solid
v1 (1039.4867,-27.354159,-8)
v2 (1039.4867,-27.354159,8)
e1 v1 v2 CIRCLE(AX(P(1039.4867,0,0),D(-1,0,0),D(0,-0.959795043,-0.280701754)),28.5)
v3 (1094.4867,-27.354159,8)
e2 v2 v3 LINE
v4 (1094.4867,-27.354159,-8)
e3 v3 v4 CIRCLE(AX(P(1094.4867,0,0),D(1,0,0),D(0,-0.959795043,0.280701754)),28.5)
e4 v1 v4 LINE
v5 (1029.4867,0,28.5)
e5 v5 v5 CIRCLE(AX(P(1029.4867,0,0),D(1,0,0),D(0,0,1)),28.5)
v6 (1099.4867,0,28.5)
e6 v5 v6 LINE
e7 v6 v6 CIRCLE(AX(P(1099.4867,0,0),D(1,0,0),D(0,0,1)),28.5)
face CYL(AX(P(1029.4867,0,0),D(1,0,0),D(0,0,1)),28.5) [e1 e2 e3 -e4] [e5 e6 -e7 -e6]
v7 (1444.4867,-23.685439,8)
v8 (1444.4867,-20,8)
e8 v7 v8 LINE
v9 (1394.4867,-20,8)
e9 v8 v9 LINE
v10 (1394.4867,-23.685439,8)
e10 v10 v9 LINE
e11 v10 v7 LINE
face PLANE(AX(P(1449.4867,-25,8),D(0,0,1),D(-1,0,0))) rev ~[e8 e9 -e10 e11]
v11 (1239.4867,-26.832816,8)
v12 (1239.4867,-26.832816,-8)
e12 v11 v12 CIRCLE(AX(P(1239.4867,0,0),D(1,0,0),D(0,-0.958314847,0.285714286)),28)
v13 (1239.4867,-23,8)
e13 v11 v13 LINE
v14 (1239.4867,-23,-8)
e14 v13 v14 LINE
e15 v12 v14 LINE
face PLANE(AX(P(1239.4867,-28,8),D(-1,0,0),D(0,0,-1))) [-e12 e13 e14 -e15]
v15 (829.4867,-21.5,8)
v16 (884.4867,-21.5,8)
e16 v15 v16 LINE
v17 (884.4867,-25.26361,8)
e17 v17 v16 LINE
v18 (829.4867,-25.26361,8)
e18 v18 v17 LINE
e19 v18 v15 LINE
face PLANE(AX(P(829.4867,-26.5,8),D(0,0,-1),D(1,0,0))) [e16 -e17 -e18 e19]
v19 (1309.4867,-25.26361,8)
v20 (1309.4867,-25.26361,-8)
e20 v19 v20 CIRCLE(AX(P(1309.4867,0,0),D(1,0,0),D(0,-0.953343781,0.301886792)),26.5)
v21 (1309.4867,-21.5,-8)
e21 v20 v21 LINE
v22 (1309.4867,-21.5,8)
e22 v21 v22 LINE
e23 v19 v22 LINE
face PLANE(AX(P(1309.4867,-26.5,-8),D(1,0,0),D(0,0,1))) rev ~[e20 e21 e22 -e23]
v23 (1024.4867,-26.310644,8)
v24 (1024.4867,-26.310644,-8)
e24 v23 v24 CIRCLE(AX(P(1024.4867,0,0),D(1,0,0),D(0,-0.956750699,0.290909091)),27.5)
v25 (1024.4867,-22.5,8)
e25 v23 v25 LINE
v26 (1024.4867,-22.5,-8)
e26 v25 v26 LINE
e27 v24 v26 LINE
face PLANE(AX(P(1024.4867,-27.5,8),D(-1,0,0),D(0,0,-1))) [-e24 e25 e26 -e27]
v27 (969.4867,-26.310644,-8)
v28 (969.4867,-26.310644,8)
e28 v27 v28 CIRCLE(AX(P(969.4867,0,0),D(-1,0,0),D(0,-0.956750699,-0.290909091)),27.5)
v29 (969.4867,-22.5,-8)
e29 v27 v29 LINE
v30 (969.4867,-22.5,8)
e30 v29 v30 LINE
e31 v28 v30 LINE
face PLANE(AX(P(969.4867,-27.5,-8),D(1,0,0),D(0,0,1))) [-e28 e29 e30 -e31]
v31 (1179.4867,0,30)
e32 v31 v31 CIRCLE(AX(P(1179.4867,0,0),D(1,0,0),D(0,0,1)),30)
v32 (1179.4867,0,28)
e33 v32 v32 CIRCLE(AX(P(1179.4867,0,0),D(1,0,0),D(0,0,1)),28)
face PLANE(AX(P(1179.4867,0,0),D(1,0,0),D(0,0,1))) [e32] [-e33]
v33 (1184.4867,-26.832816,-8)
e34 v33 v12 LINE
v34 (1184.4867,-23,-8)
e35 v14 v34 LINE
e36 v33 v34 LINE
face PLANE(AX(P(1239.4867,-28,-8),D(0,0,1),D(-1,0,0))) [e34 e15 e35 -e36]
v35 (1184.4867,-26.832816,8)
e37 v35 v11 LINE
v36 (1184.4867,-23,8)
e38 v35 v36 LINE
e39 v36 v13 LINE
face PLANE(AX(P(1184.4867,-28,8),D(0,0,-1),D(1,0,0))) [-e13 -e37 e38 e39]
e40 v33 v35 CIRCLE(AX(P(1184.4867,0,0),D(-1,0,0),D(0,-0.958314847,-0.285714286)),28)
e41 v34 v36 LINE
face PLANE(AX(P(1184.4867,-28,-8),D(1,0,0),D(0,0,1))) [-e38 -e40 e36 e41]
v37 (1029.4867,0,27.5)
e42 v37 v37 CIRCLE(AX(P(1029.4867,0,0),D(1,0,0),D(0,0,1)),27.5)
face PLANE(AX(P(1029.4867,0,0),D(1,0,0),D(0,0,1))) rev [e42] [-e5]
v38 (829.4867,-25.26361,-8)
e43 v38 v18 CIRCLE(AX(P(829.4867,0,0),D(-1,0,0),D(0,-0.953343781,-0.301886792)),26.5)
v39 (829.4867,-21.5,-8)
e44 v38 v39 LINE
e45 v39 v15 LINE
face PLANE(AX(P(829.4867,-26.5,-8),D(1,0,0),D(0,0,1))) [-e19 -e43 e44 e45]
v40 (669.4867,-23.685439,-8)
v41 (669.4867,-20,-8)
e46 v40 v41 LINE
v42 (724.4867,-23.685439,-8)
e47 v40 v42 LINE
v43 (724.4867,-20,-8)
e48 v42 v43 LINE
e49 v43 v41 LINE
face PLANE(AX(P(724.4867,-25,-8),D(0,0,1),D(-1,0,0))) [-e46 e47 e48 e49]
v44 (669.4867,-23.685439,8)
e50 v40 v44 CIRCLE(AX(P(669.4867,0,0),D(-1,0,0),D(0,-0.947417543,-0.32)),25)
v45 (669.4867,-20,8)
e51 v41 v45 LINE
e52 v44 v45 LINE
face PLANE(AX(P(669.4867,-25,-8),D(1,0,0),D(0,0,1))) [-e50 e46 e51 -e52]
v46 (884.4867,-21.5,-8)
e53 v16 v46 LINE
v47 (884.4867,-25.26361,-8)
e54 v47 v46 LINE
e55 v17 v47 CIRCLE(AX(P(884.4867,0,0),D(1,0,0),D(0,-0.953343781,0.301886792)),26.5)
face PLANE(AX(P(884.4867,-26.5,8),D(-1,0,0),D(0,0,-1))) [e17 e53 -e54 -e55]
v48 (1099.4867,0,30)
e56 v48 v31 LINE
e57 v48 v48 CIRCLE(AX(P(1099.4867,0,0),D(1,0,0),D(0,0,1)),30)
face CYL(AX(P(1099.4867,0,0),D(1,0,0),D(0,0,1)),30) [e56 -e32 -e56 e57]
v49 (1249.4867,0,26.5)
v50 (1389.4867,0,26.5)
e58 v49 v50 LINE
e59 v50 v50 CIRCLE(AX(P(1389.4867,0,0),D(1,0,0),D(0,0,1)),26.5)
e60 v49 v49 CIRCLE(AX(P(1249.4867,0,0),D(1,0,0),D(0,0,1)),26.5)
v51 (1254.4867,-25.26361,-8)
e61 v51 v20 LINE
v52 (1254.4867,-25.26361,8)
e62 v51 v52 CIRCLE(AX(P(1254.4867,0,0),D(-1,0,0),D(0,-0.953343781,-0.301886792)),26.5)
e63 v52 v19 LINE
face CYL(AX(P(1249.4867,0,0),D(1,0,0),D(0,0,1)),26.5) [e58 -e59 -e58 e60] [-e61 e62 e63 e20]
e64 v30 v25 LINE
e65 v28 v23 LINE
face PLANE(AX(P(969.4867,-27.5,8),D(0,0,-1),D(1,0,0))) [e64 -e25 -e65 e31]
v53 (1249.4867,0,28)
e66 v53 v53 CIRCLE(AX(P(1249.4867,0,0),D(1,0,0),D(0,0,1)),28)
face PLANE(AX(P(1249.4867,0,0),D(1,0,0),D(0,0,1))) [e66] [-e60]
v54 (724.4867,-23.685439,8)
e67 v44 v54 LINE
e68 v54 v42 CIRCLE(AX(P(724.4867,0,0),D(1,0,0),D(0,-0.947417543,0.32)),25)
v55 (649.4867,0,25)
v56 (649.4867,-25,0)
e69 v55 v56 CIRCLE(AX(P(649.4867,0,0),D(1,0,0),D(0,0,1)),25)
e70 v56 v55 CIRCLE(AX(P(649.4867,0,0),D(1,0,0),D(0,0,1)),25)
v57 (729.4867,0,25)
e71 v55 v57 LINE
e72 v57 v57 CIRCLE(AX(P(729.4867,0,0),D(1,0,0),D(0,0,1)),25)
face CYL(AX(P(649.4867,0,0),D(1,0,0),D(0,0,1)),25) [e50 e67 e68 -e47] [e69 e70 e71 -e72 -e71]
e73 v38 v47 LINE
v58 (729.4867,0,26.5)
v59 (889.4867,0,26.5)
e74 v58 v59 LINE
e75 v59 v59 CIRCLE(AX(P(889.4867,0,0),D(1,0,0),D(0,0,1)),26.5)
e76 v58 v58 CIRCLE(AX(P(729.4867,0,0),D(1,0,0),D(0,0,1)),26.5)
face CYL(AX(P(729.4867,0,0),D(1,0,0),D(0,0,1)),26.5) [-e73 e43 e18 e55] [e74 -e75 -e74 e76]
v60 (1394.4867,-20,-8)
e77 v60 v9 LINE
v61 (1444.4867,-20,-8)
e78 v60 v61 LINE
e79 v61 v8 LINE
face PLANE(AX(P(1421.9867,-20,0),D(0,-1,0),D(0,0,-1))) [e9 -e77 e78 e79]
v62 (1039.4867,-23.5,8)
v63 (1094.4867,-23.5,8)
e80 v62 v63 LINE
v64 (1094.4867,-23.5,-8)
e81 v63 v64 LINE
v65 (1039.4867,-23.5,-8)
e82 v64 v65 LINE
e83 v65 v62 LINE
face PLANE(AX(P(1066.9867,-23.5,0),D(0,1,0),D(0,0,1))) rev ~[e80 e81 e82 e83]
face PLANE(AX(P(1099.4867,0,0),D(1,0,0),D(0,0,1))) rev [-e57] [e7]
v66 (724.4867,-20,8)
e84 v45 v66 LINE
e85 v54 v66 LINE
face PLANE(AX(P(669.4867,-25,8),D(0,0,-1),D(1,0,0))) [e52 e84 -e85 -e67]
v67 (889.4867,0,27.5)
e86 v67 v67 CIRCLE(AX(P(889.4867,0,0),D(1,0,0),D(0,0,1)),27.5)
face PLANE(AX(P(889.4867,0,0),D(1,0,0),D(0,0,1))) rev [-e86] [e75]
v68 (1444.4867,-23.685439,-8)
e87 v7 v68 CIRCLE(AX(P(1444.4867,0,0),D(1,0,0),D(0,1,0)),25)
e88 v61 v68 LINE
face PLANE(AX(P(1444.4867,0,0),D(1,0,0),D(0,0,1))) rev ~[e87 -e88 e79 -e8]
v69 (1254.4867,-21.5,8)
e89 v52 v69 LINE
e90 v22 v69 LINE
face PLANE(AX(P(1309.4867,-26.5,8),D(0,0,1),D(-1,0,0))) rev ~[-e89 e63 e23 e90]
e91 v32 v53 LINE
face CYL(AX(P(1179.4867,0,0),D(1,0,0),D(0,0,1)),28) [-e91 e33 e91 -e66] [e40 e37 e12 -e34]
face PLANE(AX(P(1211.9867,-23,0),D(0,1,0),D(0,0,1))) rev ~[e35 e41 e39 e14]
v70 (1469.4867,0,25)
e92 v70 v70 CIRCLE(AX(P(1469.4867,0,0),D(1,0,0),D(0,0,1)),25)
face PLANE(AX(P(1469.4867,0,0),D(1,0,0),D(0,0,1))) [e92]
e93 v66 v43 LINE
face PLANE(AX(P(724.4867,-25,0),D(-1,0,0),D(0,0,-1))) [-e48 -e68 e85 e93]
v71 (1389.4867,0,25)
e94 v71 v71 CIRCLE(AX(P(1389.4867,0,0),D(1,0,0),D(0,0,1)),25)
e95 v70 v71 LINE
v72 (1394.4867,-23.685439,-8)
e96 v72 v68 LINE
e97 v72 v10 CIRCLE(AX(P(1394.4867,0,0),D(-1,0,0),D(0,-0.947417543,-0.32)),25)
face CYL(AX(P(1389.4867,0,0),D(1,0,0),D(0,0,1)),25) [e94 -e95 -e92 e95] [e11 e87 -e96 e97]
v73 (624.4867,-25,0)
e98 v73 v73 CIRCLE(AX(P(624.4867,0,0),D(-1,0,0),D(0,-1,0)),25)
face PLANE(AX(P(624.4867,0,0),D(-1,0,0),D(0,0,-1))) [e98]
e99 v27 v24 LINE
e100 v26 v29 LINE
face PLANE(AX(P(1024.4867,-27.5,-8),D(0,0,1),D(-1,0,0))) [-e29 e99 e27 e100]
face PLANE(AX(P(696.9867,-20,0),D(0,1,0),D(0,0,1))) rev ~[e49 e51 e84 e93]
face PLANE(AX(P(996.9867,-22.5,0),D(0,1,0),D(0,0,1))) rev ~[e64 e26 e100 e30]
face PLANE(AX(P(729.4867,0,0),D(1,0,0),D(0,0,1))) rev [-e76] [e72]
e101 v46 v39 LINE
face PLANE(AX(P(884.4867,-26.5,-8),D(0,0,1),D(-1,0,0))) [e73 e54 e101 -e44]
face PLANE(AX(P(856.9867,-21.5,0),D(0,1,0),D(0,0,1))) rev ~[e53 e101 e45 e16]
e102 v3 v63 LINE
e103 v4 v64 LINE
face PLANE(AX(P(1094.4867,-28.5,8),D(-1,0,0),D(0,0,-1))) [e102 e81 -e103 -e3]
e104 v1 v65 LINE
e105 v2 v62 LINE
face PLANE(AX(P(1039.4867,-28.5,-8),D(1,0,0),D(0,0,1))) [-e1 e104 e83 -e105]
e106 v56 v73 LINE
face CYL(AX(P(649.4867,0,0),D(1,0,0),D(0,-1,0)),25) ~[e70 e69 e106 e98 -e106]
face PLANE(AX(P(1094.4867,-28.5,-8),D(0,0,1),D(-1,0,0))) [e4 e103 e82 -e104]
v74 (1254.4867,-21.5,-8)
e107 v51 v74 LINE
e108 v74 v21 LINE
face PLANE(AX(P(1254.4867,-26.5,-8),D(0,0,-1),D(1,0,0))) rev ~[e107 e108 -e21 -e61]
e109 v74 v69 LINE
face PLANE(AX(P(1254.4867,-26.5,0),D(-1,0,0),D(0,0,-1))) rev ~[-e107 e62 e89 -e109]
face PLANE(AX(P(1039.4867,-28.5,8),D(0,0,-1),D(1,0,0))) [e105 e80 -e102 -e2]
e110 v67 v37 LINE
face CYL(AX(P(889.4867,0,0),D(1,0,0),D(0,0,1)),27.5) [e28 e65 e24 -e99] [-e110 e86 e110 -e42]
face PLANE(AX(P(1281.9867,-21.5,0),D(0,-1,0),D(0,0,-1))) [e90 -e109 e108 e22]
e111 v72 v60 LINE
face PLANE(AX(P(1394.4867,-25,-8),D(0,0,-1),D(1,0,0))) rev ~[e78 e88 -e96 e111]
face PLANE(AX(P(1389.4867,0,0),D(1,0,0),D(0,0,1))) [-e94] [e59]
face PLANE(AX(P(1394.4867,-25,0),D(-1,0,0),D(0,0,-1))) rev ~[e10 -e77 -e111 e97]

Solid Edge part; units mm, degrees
sketch "Sketch1" plane through (0, 0, 0) normal (0, -1, 0) x (1, 0, 0)
  line L0 (1469.4867, 25) -> (1469.4867, 0)
  line L1 (1469.4867, 0) -> (649.4867, 0)
  line L2 (649.4867, 0) -> (649.4867, 25)
  line L3 (649.4867, 25) -> (729.4867, 25)
  line L4 (729.4867, 25) -> (729.4867, 26.5)
  line L5 (729.4867, 26.5) -> (889.4867, 26.5)
  line L6 (889.4867, 26.5) -> (889.4867, 27.5)
  line L7 (889.4867, 27.5) -> (1029.4867, 27.5)
  line L8 (1029.4867, 27.5) -> (1029.4867, 28.5)
  line L9 (1029.4867, 28.5) -> (1099.4867, 28.5)
  line L10 (1099.4867, 28.5) -> (1099.4867, 30)
  line L11 (1099.4867, 30) -> (1179.4867, 30)
  line L12 (1179.4867, 30) -> (1179.4867, 28)
  line L13 (1179.4867, 28) -> (1249.4867, 28)
  line L14 (1249.4867, 28) -> (1249.4867, 26.5)
  line L15 (1249.4867, 26.5) -> (1389.4867, 26.5)
  line L16 (1389.4867, 26.5) -> (1389.4867, 25)
  line L17 (1389.4867, 25) -> (1469.4867, 25)
revolve "RevolvedProtrusion1" add sketch "Sketch1" angle 360 about axis through (0, 0, 0) along (1, 0, 0)
sketch "Sketch2" plane through (689.4867, -25, 0) normal (0, -1, 0) x (-1, 0, 0)
  line L0 (20, -8) -> (-35, -8)
  line L1 (-35, -8) -> (-35, 0)
  line L2 (-35, 0) -> (-35, 8)
  line L3 (-35, 8) -> (20, 8)
  line L4 (20, 8) -> (20, -8)
extrude "Cutout1" cut sketch "Sketch2" against normal blind 5
sketch "Sketch3" plane through (809.4867, -26.5, 0) normal (0, -1, 0) x (-1, 0, 0)
  line L0 (-75, 0) -> (-75, 8)
  line L1 (-75, 8) -> (-20, 8)
  line L2 (-20, 8) -> (-20, -8)
  line L3 (-20, -8) -> (-75, -8)
  line L4 (-75, -8) -> (-75, 0)
  dimension "D1" = 55
  dimension "D2" = 60
extrude "Cutout2" cut sketch "Sketch3" against normal blind 5
sketch "Sketch4" plane through (959.4867, -27.5, 0) normal (0, -1, 0) x (-1, 0, 0)
  line L0 (-65, 0) -> (-65, 8)
  line L1 (-65, 8) -> (-10, 8)
  line L2 (-10, 8) -> (-10, -8)
  line L3 (-10, -8) -> (-65, -8)
  line L4 (-65, -8) -> (-65, 0)
  dimension "D1" = 55
  dimension "D2" = 16
  dimension "D3" = 60
extrude "Keyway_Thickness" cut sketch "Sketch4" against normal blind 5
sketch "Sketch5" plane through (1064.4867, -28.5, 0) normal (0, -1, 0) x (-1, 0, 0)
  line L0 (-30, 0) -> (-30, 8)
  line L1 (-30, 8) -> (25, 8)
  line L2 (25, 8) -> (25, -8)
  line L3 (25, -8) -> (-30, -8)
  line L4 (-30, -8) -> (-30, 0)
  dimension "D1" = 55
  dimension "D2" = 16
  dimension "D3" = 60
extrude "Cutout3" cut sketch "Sketch5" against normal blind 5
sketch "Sketch6" plane through (1214.4867, -28, 0) normal (0, -1, 0) x (-1, 0, 0)
  line L0 (-25, 0) -> (-25, 8)
  line L1 (-25, 8) -> (30, 8)
  line L2 (30, 8) -> (30, -8)
  line L3 (30, -8) -> (-25, -8)
  line L4 (-25, -8) -> (-25, 0)
  dimension "D1" = 16
  dimension "D2" = 55
  dimension "D3" = 60
extrude "Cutout4" cut sketch "Sketch6" against normal blind 5
sketch "Sketch7" plane through (1319.4867, -26.5, 0) normal (0, -1, 0) x (-1, 0, 0)
  line L0 (65, 0) -> (65, 8)
  line L1 (65, 8) -> (10, 8)
  line L2 (10, 8) -> (10, -8)
  line L3 (10, -8) -> (65, -8)
  line L4 (65, -8) -> (65, 0)
  dimension "D1" = 55
  dimension "D2" = 16
  dimension "D3" = 60
extrude "Cutout5" cut sketch "Sketch7" against normal blind 5
sketch "Sketch8" plane through (1429.4867, -25, 0) normal (0, -1, 0) x (-1, 0, 0)
  line L0 (35, 0) -> (35, 8)
  line L1 (35, 8) -> (-20, 8)
  line L2 (-20, 8) -> (-20, -8)
  line L3 (-20, -8) -> (35, -8)
  line L4 (35, -8) -> (35, 0)
  dimension "D1" = 55
  dimension "D2" = 16
  dimension "D3" = 60
extrude "Cutout6" cut sketch "Sketch8" against normal blind 5
sketch "Sketch9" plane through (1469.4867, 0, 0) normal (1, 0, 0) x (0, 1, 0)
  circle A0 centre (0, 0) radius 25
  dimension "D1" = 50
extrude "Protrusion1" add sketch "Sketch9" against normal blind 25
sketch "Sketch10" plane through (649.4867, 0, 0) normal (-1, 0, 0) x (0, -1, 0)
  circle A0 centre (0, 0) radius 25
  dimension "D1" = 50
extrude "Extruded_for_Bearing_A" add sketch "Sketch10" along normal blind 25
